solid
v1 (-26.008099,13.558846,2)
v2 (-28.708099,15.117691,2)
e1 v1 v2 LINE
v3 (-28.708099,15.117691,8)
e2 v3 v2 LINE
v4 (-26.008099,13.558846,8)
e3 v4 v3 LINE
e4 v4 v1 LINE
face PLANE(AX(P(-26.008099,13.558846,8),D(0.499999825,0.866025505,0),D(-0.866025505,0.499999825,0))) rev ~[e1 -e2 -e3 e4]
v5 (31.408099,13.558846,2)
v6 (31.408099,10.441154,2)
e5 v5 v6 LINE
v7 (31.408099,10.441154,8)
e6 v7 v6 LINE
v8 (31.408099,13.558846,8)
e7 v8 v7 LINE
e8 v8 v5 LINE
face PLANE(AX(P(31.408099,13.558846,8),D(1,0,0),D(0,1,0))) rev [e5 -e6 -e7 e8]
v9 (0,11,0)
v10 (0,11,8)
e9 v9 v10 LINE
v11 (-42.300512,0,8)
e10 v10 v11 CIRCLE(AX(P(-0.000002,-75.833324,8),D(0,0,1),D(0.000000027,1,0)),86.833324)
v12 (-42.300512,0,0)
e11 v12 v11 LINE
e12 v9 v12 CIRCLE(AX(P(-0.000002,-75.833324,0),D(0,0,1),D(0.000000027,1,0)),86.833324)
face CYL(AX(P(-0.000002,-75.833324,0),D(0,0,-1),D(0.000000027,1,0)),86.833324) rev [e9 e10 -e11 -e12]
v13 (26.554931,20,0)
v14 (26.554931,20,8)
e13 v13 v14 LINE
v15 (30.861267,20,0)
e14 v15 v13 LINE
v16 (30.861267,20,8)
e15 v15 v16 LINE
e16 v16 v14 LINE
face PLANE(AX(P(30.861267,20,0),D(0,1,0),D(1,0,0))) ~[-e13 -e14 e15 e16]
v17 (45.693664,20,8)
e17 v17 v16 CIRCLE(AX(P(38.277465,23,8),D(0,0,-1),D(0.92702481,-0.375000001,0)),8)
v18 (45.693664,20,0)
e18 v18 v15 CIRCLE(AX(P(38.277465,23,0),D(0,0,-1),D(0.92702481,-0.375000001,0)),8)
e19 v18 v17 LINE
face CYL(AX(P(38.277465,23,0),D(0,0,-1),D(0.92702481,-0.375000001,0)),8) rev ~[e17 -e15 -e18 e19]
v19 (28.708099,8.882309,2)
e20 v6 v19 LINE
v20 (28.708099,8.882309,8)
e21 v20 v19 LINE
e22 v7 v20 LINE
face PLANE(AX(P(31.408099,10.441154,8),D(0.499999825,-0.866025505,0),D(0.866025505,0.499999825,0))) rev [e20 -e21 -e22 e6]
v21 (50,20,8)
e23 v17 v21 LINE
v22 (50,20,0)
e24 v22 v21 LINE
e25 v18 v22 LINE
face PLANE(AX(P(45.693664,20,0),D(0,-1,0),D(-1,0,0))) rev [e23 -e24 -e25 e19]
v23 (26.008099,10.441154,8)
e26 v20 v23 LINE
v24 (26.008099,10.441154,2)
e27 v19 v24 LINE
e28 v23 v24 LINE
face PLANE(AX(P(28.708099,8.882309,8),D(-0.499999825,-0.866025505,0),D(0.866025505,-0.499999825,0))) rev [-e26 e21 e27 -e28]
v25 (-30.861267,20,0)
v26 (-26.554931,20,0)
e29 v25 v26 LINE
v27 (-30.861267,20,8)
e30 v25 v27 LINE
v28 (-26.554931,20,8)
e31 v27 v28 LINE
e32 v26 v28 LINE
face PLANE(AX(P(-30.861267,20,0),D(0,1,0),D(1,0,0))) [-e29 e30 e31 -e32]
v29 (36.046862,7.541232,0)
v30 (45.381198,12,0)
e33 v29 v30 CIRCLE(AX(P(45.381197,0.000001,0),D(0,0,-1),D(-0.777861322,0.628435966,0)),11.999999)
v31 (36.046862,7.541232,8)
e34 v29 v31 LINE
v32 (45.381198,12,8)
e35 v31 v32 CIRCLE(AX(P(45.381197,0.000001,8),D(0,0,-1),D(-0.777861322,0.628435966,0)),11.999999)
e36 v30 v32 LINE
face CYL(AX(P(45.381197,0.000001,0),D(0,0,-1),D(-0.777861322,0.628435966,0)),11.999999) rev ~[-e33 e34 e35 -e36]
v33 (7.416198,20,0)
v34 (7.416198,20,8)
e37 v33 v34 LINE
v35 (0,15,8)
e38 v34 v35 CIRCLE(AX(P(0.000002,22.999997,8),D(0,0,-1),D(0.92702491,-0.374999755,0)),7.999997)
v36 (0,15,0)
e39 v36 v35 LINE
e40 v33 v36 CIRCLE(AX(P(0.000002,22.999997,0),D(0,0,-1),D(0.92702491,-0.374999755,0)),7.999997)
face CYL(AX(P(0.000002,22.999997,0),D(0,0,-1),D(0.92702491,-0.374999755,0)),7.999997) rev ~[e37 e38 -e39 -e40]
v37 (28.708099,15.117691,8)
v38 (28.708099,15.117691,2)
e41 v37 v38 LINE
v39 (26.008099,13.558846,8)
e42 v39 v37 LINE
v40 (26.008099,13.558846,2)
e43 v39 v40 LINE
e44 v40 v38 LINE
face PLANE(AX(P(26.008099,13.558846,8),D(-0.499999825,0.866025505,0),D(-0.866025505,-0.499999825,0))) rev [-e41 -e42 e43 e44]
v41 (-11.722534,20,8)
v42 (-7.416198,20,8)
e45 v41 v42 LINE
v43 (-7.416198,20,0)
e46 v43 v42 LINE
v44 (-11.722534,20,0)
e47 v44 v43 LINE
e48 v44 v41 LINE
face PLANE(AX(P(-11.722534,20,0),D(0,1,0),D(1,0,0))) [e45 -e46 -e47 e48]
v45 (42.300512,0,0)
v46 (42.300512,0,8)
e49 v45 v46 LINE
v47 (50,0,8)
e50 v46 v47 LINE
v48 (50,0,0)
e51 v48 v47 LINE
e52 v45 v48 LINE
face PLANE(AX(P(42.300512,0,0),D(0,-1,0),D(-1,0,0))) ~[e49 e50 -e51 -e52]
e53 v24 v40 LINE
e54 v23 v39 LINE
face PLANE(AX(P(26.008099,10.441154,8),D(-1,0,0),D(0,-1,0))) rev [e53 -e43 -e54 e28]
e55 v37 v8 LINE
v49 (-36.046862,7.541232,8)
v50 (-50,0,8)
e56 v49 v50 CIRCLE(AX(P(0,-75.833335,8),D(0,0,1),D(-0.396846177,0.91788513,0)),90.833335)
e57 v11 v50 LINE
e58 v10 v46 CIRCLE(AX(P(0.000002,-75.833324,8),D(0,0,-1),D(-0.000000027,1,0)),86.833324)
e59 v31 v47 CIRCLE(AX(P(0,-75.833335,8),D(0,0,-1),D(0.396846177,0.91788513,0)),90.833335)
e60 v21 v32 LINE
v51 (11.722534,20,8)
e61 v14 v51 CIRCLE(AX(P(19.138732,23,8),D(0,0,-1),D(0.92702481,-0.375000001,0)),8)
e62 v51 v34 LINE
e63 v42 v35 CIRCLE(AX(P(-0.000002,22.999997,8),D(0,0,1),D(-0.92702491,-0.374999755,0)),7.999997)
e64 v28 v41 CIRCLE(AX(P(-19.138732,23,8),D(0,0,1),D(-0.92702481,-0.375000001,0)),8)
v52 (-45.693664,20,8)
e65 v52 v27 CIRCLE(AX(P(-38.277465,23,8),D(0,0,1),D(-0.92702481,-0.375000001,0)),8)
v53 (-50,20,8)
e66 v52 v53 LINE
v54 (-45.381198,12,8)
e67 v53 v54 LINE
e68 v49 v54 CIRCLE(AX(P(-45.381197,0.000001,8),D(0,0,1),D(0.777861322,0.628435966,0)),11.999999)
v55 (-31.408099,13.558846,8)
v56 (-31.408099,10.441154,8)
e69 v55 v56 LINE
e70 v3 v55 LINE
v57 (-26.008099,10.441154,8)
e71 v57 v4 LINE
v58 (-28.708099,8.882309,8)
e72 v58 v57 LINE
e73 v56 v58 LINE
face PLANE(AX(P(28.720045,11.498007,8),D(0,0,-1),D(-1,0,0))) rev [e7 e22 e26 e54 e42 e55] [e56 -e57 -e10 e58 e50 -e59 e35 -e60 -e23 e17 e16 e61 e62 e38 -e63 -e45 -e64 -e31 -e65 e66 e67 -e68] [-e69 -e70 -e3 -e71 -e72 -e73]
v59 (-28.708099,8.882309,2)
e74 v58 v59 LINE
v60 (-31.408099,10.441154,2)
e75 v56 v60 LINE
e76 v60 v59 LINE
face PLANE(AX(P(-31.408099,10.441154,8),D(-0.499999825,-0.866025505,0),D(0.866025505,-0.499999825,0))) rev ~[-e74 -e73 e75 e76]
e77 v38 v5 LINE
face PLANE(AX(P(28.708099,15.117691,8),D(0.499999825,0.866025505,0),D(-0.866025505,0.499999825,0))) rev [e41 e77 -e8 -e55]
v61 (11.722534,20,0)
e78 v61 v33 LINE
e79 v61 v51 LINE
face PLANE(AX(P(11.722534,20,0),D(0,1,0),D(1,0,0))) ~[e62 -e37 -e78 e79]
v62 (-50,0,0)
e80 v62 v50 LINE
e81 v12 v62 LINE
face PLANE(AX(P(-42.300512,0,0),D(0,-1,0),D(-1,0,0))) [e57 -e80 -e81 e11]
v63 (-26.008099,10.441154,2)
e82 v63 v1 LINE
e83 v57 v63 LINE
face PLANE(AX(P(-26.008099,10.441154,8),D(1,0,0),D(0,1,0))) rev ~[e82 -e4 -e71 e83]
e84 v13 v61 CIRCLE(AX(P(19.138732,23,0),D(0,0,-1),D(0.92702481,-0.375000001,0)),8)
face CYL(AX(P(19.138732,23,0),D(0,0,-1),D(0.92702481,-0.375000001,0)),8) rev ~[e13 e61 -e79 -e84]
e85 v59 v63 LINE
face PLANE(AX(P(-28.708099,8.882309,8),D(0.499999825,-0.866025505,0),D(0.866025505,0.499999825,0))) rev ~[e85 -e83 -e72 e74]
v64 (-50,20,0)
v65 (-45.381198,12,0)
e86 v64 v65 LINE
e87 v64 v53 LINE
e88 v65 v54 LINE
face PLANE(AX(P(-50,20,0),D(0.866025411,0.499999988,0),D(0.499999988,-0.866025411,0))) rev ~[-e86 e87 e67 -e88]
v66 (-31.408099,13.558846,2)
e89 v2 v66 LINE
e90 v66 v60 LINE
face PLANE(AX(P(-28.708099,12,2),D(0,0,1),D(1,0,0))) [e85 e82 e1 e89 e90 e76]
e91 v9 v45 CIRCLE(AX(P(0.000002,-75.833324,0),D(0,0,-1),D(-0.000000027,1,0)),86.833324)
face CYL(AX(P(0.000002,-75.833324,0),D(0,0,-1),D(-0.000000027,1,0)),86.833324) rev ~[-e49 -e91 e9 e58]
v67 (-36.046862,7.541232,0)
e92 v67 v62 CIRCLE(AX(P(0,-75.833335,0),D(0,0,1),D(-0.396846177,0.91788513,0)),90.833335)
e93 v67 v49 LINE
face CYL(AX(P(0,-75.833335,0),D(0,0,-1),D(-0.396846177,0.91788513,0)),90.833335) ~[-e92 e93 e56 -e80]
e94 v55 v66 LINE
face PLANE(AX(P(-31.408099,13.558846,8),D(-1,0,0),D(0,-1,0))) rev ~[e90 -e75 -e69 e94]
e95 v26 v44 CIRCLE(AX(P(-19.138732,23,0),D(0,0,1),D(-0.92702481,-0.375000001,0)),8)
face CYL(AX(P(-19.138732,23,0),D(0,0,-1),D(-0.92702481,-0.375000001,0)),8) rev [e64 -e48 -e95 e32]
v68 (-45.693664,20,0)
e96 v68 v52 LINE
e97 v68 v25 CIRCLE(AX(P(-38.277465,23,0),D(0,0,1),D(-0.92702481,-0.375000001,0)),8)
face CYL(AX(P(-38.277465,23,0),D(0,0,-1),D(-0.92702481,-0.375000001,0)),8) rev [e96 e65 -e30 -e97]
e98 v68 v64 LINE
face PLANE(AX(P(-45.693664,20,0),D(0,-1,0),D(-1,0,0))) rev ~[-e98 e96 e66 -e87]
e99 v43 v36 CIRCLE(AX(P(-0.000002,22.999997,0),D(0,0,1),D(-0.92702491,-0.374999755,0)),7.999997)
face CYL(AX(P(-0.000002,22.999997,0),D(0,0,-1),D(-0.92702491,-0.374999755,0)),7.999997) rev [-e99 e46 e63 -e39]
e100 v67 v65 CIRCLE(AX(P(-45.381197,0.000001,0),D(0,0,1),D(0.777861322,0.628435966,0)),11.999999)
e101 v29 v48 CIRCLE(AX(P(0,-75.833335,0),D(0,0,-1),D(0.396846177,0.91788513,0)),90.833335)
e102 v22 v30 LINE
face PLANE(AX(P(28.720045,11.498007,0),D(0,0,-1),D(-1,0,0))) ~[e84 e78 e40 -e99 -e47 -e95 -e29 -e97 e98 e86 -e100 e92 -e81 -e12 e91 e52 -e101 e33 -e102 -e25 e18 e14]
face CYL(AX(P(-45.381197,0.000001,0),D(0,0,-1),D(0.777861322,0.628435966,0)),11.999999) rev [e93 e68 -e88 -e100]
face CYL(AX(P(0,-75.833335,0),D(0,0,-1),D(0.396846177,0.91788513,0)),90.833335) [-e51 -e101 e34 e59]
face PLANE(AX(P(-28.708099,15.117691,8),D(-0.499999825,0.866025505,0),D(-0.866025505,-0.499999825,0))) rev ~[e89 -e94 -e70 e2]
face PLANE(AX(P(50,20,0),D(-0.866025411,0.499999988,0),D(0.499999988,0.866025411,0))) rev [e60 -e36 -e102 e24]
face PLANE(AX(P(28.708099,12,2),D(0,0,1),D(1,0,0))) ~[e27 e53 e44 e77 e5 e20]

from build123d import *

# Parameters (mm, degrees)
PAD_DEPTH    = 8
POCKET_DEPTH = 6


with BuildPart() as part:
    # Sketch → Pad (new body)
    with BuildSketch(Plane.XY):
        with BuildLine():
            Line((-42.300512, 0), (-50, 0))
            ThreePointArc((-36.046862, 7.541232), (-43.188345, 4.075748), (-50, 0))
            ThreePointArc((-36.046862, 7.541232), (-40.208906, 10.828084), (-45.381198, 12))
            Line((-50, 20), (-45.381198, 12))
            Line((-45.693664, 20), (-50, 20))
            ThreePointArc((-45.693664, 20), (-38.277466, 15), (-30.861267, 20))
            Line((-30.861267, 20), (-26.554931, 20))
            ThreePointArc((-26.554931, 20), (-19.138733, 15), (-11.722534, 20))
            Line((-11.722534, 20), (-7.416198, 20))
            ThreePointArc((-7.416198, 20), (-4.472136, 16.36675), (0, 15))
            Line((0, 11), (0, 15))
            ThreePointArc((0, 11), (-21.85368, 8.205018), (-42.300512, 0))
        make_face()
    pad = extrude(amount=PAD_DEPTH)

    # Mirrored: Pad across Sketch V_Axis
    add(pad.mirror(Plane(origin=(0, 0, 0), x_dir=(0, 0, 1), z_dir=(1, 0, 0))))

    # Sketch001 → Pocket (cut)
    with BuildSketch(Plane.XY.offset(8)):
        Polygon((-28.708099, 15.117691), (-31.408099, 13.558846), (-31.408099, 10.441154), (-28.708099, 8.882309), (-26.008099, 10.441154), (-26.008099, 13.558846), align=None)
    pocket = extrude(amount=-POCKET_DEPTH, mode=Mode.SUBTRACT)

    # Mirrored001: Pocket across Sketch001 V_Axis
    add(pocket.mirror(Plane(origin=(0, 0, 8), x_dir=(0, 0, 1), z_dir=(1, 0, 0))), mode=Mode.SUBTRACT)


solid = part.part
